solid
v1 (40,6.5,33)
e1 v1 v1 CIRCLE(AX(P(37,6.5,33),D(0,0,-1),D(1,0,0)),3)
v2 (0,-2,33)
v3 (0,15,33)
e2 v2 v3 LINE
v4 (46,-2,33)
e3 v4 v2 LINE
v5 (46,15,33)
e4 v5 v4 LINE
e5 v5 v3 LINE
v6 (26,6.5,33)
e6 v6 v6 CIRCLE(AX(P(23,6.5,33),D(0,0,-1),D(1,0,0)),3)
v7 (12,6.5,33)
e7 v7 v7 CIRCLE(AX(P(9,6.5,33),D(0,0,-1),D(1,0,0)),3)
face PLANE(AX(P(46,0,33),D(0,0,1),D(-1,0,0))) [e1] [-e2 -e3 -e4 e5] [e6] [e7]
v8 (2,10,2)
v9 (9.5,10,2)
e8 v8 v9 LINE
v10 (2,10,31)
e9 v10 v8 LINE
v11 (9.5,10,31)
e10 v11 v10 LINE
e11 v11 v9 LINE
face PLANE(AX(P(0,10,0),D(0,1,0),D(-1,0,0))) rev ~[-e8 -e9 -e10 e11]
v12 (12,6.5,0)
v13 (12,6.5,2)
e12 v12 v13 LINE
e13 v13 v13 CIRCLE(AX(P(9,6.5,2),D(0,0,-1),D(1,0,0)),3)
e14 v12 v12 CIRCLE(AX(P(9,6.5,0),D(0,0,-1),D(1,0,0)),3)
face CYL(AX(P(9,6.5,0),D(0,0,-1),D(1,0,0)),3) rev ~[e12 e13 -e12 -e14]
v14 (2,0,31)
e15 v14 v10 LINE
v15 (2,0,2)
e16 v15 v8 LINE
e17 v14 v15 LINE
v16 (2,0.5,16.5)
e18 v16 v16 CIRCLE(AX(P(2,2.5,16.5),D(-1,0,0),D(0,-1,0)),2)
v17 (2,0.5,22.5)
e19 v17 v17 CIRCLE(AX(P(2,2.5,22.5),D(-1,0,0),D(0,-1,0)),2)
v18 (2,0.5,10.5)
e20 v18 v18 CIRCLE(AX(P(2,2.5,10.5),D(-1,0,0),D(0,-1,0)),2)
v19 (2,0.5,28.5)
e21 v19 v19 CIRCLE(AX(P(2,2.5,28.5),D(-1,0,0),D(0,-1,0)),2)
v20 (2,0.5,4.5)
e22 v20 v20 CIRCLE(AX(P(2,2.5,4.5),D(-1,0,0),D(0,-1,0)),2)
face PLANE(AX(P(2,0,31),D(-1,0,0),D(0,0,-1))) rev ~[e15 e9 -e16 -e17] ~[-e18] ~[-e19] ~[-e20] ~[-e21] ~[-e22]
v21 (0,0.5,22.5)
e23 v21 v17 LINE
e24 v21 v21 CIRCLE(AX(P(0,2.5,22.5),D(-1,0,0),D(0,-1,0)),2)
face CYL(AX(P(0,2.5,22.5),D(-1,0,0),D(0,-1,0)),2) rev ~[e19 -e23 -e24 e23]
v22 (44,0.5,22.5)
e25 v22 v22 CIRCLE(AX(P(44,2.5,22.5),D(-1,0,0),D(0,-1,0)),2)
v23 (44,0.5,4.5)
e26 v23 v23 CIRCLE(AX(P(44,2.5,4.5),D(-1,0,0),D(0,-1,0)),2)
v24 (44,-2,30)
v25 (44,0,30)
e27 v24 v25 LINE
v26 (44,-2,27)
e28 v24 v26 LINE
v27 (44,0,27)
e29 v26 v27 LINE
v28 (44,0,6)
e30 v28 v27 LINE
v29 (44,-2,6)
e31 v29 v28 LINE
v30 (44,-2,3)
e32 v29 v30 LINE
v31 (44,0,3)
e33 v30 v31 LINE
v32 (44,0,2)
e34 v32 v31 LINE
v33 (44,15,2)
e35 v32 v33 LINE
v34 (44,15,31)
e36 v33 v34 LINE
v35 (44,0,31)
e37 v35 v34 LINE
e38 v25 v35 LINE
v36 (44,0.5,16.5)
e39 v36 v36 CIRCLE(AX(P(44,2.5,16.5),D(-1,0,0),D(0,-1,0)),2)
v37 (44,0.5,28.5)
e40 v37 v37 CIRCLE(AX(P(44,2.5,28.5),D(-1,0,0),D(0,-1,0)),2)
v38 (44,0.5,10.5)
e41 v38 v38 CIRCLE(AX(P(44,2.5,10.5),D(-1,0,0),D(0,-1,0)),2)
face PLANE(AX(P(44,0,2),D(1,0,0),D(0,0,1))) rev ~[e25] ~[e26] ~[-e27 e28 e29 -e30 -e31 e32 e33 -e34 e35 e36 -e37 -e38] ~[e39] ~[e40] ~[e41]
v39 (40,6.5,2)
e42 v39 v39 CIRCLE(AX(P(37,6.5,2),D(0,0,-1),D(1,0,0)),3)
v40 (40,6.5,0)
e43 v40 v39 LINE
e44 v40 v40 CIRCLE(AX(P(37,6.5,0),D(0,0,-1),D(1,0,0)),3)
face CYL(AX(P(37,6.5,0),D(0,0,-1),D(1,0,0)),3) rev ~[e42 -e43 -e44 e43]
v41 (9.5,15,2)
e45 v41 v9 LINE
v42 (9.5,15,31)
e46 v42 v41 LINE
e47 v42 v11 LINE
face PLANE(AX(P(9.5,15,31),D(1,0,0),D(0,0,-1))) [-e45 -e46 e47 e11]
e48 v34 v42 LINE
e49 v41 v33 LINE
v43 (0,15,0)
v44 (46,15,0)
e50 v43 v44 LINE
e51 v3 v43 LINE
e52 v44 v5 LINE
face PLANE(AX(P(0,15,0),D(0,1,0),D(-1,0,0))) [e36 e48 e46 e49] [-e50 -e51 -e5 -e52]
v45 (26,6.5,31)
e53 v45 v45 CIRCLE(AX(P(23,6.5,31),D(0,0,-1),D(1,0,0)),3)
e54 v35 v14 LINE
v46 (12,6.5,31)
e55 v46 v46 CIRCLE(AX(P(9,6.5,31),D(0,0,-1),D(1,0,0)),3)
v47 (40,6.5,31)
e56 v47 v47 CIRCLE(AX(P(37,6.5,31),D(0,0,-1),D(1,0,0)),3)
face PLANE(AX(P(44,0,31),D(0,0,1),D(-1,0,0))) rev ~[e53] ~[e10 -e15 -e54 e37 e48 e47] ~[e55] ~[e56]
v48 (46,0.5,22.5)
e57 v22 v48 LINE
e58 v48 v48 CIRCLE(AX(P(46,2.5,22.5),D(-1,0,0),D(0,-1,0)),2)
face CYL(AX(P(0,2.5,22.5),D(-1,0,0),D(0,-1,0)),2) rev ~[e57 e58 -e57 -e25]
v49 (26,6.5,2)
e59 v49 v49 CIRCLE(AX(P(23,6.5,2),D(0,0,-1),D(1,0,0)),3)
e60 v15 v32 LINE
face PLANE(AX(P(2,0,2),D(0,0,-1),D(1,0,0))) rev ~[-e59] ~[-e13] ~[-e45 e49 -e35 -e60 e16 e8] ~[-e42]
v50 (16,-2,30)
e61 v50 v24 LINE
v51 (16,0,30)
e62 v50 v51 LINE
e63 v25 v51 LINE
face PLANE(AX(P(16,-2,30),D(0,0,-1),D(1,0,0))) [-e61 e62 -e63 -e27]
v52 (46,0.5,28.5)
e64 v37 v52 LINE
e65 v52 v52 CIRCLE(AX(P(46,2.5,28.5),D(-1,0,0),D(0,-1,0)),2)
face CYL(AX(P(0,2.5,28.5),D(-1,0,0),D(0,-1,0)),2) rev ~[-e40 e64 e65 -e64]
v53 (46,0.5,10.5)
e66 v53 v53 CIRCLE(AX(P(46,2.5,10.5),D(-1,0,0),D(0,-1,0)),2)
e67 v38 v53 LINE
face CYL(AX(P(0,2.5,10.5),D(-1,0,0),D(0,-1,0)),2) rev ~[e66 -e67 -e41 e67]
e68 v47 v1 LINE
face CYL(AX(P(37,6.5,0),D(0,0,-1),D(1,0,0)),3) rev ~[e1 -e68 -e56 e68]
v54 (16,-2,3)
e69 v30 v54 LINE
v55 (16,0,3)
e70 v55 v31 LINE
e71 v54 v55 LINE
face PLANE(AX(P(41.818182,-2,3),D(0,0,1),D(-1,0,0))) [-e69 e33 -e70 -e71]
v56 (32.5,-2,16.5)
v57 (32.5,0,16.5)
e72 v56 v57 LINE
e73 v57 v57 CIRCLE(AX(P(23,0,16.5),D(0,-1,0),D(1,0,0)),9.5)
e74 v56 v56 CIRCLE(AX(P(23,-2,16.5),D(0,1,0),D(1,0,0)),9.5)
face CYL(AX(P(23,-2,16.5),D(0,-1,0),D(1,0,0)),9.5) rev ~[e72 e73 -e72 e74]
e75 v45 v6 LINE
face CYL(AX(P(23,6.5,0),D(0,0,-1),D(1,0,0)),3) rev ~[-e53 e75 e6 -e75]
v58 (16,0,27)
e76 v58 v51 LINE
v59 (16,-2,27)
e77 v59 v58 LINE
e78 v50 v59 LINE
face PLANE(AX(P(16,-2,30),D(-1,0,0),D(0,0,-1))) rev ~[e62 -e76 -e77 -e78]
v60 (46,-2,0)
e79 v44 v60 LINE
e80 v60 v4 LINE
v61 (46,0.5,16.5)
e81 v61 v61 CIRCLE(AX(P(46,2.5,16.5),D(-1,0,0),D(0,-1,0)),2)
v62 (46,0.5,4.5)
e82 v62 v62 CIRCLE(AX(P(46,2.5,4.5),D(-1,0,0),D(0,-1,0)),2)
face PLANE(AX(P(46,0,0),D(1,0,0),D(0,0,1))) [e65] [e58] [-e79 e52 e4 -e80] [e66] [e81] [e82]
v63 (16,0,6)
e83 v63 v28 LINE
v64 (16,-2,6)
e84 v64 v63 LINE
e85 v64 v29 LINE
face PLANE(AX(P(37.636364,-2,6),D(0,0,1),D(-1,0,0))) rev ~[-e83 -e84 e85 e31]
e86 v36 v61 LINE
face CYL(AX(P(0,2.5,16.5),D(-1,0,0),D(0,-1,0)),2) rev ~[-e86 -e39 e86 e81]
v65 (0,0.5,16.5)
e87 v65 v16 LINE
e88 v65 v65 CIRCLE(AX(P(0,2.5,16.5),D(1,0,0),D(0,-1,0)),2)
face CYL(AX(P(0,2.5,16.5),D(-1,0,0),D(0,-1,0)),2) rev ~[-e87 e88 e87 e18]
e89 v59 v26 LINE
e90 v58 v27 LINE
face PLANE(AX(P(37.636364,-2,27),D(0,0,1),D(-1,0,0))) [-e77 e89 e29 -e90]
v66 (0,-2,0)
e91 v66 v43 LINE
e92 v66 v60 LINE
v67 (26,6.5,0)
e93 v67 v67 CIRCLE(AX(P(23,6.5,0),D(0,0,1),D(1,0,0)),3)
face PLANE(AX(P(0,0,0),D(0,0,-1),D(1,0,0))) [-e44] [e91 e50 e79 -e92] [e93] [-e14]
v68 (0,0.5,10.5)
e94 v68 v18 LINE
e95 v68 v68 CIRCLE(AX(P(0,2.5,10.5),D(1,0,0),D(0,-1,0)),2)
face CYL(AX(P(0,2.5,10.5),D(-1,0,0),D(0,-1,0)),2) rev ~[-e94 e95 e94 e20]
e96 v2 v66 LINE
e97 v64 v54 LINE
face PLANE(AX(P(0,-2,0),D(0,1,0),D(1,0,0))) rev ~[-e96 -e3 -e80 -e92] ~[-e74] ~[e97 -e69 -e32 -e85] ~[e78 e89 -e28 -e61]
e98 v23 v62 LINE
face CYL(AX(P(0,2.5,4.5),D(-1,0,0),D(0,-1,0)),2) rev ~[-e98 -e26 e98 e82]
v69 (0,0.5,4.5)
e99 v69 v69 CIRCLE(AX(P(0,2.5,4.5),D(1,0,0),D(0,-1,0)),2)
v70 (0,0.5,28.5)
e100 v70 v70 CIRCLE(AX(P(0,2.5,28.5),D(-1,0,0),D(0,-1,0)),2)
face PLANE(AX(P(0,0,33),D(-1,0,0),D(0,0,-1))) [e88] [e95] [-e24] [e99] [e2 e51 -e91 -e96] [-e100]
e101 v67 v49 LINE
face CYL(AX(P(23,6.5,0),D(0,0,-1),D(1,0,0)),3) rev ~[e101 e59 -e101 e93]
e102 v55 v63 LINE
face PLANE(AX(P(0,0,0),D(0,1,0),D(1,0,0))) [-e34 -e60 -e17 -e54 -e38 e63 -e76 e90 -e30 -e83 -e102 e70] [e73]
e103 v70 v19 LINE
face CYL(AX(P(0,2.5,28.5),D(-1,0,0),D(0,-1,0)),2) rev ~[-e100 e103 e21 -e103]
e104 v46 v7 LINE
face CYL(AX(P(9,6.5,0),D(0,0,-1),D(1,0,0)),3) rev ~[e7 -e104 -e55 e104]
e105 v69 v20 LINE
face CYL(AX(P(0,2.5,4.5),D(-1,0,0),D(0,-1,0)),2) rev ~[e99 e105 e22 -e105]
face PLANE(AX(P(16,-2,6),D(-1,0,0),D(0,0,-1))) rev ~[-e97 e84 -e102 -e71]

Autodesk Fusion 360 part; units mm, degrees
sketch "Skizze1" plane through (0, 0, 0) normal (0, 1, 0) x (1, 0, 0)
  line L0 (0, 0) -> (46, 0)
  line L1 (46, 0) -> (46, -33)
  line L2 (46, -33) -> (0, -33)
  line L3 (0, -33) -> (0, 0)
  line L4 (2, -2) -> (44, -2)
  line L5 (44, -2) -> (44, -31)
  line L6 (44, -31) -> (2, -31)
  line L7 (2, -31) -> (2, -2)
  dimension "d1" = 46
  dimension "d2" = 33
  dimension "d3" = 2
extrude "Extrusion1" add sketch "Skizze1" against normal blind 2 contours L0 L1 L2 L3 | L4 L5 L6 L7
extrude "Extrusion2" add sketch "Skizze1" along normal blind 15
sketch "Skizze2" plane through (0, 0, 0) normal (0, 1, 0) x (1, 0, 0)
sketch "Skizze3" plane through (0, 15, 0) normal (0, 1, 0) x (-1, 0, 0)
  line L0 (-44, 31) -> (-2, 31)
  line L1 (-2, 31) -> (-2, 2)
  line L2 (-2, 2) -> (-44, 2)
  line L3 (-44, 2) -> (-44, 31)
  line L4 (0, 33) -> (-46, 33)
  line L5 (-46, 33) -> (-46, 0)
  line L6 (-46, 0) -> (0, 0)
  line L7 (0, 0) -> (0, 33)
  line L8 (-2, 31) -> (-9.5, 31)
  line L9 (-9.5, 31) -> (-9.5, 2)
  line L10 (-9.5, 2) -> (-2, 2)
  line L11 (-2, 2) -> (-2, 31)
  dimension "d8" = 7.5
extrude "Extrusion3" add sketch "Skizze3" against normal blind 5 contours L0 L1 L2 L8 L9 L10 L11
sketch "Skizze4" plane through (0, -2, 0) normal (0, -1, 0) x (1, 0, 0)
  line L0 (46, 33) -> (0, 33)
  line L1 (0, 33) -> (0, 0)
  line L2 (0, 0) -> (46, 0)
  line L3 (46, 0) -> (46, 33)
  line L4 (46, 33) -> (16, 33)
  line L5 (16, 33) -> (16, 0)
  line L6 (16, 0) -> (46, 0)
  line L7 (46, 0) -> (46, 33)
  line L8 (16, 33) -> (46, 33)
  line L9 (16, 30) -> (16, 33)
  line L10 (16, 0) -> (46, 0)
  line L11 (46, 0) -> (46, 3)
  line L12 (46, 3) -> (16, 3)
  line L13 (16, 3) -> (16, 0)
  line L14 (16, 3) -> (46, 3)
  line L15 (46, 3) -> (46, 6)
  line L16 (46, 6) -> (16, 6)
  line L17 (16, 6) -> (16, 3)
  line L18 (0, 33) -> (46, 0)
  line L19 (46, 33) -> (0, 0)
  circle A0 centre (23, 16.5) radius 9.5
  line L20 (44, 35) -> (44, -3)
  line L21 (16, 30) -> (44, 30)
  line L22 (44, 30) -> (44, 27)
  line L23 (44, 27) -> (16, 27)
  line L24 (16, 27) -> (16, 30)
  dimension "d12" = 3
extrude "Extrusion4" cut sketch "Skizze4" against normal blind 6 contours L5 L19 L21 L23 L24 | L5 L18 A0 | L5 L18 L19 A0 | L19 L20 L21 L22 L23 | L5 L19 A0 | L5 L18 L19 | L5 L18 L19 A0 | L5 L12 L14 L16 L17 L18 | L5 L18 L19 A0 | L18 L19 A0 | L12 L14 L16 L18 L20
sketch "Skizze5" plane through (0, 0, 0) normal (0, 0, -1) x (1, 0, 0)
  line L0 (46, -15) -> (46, 2)
  line L1 (46, 2) -> (0, 2)
  line L2 (0, 2) -> (0, -15)
  line L3 (0, -15) -> (46, -15)
  line L4 (46, -15) -> (0, 2)
  line L5 (46, 2) -> (0, -15)
  circle A0 centre (23, -6.5) radius 3
  circle A1 centre (9, -6.5) radius 3
  circle A2 centre (37, -6.5) radius 3
  dimension "d17" = 14
  dimension "d18" = 0
  dimension "d21" = 6
extrude "Extrusion5" cut sketch "Skizze5" against normal blind 40 contours L4 L5 A0 | L4 L5 A0 | L4 L5 A0 | L4 L5 A0 | A1 | A2
sketch "Skizze6" plane through (0, 0, 0) normal (-1, 0, 0) x (0, -1, 0)
  line L0 (-15, 0) -> (2, 0)
  line L1 (2, 0) -> (2, 33)
  line L2 (2, 33) -> (-15, 33)
  line L3 (-15, 33) -> (-15, 0)
  line L4 (-15, 33) -> (2, 0)
  circle A0 centre (-6.5, 16.5) radius 2
  circle A1 centre (-2.5, 16.5) radius 2
  circle A2 centre (-2.5, 4.5) radius 2
  circle A3 centre (-2.5, 10.5) radius 2
  circle A4 centre (-2.5, 22.5) radius 2
  circle A5 centre (-2.5, 28.5) radius 2
  dimension "d22" = 4
  dimension "d25" = 4
  dimension "d26" = 0
  dimension "d29" = 0
  dimension "d30" = 12
extrude "Extrusion6" cut sketch "Skizze6" against normal blind 130 contours A1 | L4 A2 | L4 A2 | L4 A3 | L4 A3 | A4 | A5
